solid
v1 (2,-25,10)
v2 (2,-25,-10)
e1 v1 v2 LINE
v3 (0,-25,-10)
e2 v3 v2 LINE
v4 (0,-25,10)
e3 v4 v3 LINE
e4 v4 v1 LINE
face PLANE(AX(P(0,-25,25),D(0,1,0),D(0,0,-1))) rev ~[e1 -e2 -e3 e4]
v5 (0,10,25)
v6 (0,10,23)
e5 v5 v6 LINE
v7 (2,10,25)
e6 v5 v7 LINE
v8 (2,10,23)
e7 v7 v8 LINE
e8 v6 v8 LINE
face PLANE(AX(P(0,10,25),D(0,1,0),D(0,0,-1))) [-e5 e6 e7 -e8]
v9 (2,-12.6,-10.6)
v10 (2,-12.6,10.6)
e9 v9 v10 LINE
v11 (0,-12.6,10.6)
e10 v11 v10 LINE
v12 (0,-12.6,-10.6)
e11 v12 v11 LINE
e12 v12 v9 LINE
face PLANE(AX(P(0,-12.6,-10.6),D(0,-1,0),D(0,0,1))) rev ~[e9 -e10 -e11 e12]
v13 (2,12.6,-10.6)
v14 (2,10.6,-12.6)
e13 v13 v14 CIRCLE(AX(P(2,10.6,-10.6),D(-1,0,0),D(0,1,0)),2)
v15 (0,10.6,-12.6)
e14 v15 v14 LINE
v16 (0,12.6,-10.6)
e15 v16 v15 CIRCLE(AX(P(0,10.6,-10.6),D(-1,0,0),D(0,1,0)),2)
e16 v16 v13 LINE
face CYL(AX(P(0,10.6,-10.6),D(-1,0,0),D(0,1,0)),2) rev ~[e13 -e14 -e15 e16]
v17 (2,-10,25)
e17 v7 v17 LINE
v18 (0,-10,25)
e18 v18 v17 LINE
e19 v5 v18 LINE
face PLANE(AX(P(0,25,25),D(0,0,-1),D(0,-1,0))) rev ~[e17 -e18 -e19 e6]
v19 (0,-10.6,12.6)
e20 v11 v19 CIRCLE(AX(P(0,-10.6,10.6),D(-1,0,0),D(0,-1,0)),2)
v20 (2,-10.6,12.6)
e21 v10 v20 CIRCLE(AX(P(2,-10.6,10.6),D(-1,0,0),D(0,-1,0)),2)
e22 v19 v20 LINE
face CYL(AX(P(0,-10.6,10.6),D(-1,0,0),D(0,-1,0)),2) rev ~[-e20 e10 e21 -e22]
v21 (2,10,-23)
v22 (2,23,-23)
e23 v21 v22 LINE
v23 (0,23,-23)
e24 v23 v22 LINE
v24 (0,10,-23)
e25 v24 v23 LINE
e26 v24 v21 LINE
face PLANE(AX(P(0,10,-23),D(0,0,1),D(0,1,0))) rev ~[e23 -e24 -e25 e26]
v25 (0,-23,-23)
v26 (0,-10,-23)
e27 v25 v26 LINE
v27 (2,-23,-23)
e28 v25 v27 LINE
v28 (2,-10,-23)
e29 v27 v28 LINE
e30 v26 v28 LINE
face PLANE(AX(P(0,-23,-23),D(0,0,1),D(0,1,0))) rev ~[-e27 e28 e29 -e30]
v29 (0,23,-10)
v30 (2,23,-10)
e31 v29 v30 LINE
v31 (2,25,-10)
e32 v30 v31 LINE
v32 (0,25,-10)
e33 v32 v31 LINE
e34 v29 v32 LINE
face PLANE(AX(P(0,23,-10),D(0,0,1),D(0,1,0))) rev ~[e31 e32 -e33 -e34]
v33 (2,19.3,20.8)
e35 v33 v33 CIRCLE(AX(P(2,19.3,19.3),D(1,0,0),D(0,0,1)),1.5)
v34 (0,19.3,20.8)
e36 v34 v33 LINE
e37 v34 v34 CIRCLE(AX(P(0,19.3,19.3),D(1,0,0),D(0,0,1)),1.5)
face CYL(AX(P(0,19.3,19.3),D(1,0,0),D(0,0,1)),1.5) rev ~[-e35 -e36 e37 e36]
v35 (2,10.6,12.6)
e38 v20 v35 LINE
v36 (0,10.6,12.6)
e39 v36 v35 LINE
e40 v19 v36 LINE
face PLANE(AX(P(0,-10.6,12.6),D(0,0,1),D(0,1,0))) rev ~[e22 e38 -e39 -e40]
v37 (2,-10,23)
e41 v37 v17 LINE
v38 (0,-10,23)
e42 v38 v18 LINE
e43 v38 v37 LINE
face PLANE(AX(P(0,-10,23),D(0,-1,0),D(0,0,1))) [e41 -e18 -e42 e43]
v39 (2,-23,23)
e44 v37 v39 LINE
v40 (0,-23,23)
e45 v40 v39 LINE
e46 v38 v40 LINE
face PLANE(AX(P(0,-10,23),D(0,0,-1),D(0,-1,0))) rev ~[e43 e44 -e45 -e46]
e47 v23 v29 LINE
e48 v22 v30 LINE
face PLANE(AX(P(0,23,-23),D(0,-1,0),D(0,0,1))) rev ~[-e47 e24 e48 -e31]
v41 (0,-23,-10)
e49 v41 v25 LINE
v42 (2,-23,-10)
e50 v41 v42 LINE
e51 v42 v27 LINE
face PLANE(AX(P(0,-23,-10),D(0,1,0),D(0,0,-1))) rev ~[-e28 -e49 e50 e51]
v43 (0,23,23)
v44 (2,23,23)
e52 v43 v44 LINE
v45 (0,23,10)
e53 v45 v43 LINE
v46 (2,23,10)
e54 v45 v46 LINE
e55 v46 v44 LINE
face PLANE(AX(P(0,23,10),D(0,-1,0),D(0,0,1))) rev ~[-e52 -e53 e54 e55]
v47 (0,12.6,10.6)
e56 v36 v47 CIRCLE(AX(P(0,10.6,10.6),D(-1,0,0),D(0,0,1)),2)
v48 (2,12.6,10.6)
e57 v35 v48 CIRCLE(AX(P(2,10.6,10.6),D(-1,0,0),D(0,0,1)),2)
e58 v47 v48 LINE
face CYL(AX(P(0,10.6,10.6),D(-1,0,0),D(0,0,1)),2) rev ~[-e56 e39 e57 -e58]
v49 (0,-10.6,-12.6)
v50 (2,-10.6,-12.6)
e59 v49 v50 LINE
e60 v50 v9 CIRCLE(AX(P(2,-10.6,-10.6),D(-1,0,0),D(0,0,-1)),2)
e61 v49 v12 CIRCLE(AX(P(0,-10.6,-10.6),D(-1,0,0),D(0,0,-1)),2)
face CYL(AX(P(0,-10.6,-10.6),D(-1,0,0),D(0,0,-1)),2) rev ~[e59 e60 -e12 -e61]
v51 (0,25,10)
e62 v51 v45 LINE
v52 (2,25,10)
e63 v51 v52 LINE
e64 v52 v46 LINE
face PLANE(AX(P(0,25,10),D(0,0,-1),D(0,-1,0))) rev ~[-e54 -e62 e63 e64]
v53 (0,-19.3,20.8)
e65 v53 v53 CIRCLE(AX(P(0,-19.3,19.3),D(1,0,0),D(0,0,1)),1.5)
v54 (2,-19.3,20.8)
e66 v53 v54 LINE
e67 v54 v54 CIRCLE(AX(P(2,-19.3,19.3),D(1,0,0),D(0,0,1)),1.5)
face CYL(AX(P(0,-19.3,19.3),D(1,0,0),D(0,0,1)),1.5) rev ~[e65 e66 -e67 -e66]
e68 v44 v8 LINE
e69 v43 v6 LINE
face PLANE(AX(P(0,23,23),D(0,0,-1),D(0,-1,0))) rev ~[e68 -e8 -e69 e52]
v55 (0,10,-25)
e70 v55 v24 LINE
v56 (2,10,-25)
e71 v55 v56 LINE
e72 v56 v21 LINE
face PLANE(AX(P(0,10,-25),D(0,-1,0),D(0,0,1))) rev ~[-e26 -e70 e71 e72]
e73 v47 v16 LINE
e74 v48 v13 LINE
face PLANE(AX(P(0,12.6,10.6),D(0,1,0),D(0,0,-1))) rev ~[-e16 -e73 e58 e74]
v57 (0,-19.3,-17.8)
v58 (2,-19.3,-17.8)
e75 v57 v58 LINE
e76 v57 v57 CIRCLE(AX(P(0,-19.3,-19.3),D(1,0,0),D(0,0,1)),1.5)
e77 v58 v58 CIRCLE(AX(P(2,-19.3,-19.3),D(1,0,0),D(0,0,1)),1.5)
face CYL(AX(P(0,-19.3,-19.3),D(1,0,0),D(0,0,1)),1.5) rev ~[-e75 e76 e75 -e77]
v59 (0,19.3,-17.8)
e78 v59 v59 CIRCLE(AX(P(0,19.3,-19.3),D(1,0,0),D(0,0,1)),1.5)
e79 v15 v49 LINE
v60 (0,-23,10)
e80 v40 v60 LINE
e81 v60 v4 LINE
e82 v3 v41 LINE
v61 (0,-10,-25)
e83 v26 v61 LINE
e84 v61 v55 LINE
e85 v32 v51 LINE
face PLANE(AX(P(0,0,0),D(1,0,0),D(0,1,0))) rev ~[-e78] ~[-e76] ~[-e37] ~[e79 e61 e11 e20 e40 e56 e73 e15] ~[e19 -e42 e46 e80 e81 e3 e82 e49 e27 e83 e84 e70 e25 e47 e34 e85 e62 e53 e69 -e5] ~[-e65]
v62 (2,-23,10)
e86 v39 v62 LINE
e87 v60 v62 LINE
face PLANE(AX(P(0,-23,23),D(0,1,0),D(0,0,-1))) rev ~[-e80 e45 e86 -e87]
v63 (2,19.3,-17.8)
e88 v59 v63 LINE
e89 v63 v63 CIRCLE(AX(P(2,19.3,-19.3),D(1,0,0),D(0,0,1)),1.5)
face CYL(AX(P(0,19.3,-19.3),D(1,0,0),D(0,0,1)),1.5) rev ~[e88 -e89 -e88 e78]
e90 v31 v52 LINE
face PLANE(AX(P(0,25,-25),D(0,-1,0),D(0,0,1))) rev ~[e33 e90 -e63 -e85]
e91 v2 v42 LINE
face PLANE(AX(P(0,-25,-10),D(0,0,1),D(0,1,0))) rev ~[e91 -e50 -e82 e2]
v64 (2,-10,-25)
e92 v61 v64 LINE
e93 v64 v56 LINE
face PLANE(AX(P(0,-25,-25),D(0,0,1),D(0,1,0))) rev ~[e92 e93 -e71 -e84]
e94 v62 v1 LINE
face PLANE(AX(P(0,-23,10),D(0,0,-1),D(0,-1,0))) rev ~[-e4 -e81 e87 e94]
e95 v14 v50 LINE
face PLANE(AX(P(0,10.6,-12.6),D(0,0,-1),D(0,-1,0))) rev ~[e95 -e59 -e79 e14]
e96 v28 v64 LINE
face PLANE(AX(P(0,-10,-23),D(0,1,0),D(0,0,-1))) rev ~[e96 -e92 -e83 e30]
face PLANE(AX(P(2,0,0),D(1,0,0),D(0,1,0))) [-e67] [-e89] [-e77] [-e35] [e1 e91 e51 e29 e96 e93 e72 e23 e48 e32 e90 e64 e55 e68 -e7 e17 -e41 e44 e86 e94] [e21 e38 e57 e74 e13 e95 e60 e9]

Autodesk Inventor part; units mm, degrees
ref_plane "YZ Plane" through (0, 0, 0) normal (1, 0, 0) x (0, 1, 0)
ref_plane "XZ Plane" through (0, 0, 0) normal (0, 1, 0) x (-1, 0, 0)
ref_plane "XY Plane" through (0, 0, 0) normal (0, 0, 1) x (1, 0, 0)
sketch "Sketch1" plane through (0, 0, 0) normal (1, 0, 0) x (0, 1, 0)
  line L0 (-25, -25) -> (25, -25)
  line L1 (25, -25) -> (25, 25)
  line L2 (25, 25) -> (-25, 25)
  line L3 (-25, 25) -> (-25, -25)
  line L4 (-25, -25) -> (25, 25) construction
  line L5 (25, -25) -> (-25, 25) construction
  line L6 (-24, -24) -> (24, -24)
  line L7 (24, -24) -> (24, 24)
  line L8 (24, 24) -> (-24, 24)
  line L9 (-24, 24) -> (-24, -24)
  line L10 (-24, -24) -> (24, 24) construction
  line L11 (24, -24) -> (-24, 24) construction
  point P0 (0, 0)
  dimension "d0" = 50
  dimension "d1" = 50
  dimension "d2" = 48
  dimension "d3" = 48
extrude "Extrusion1" add sketch "Sketch1" along normal blind 2 contours L3 L2 L1 L0 | L9 L8 L7 L6
sketch "Sketch3" plane through (0, 0, 0) normal (-1, 0, 0) x (0, 0, 1)
  line L0 (19.3, -19.3) -> (-19.3, -19.3)
  line L1 (-19.3, -19.3) -> (-19.3, 19.3)
  line L2 (-19.3, 19.3) -> (19.3, 19.3)
  line L3 (19.3, 19.3) -> (19.3, -19.3)
  line L4 (19.3, -19.3) -> (-19.3, 19.3) construction
  line L5 (-19.3, -19.3) -> (19.3, 19.3) construction
  circle A0 centre (-19.3, 19.3) radius 1.5
  circle A1 centre (19.3, 19.3) radius 1.5555
  circle A2 centre (19.3, -19.3) radius 1.5555
  circle A3 centre (-19.3, -19.3) radius 1.5555
  point P0 (0, 0)
  dimension "d6" = 38.6
  dimension "d7" = 38.6
  dimension "d8" = 3
  dimension "d9" = 3.111
  dimension "d10" = 3.111
  dimension "d11" = 3.111
hole "Hole1" at (0, 19.3, -19.3) direction (1, 0, 0) diameter 3 end through all
sketch "Sketch4" plane through (0, 0, 0) normal (-1, 0, 0) x (0, 0, 1)
  line L0 (-19.3, -19.3) -> (19.3, -19.3)
  line L1 (19.3, -19.3) -> (19.3, 19.3)
  line L2 (19.3, 19.3) -> (-19.3, 19.3)
  line L3 (-19.3, 19.3) -> (-19.3, -19.3)
  line L4 (-19.3, -19.3) -> (19.3, 19.3) construction
  line L5 (19.3, -19.3) -> (-19.3, 19.3) construction
  circle A0 centre (19.3, 19.3) radius 1.5
  point P0 (0, 0)
  dimension "d19" = 38.6
  dimension "d20" = 38.6
  dimension "d21" = 3
hole "Hole2" at (0, 19.3, 19.3) direction (1, 0, 0) diameter 3 end through all
sketch "Sketch5" plane through (0, 0, 0) normal (-1, 0, 0) x (0, 0, 1)
  line L0 (19.3, -19.3) -> (-19.3, -19.3)
  line L1 (-19.3, -19.3) -> (-19.3, 19.3)
  line L2 (-19.3, 19.3) -> (19.3, 19.3)
  line L3 (19.3, 19.3) -> (19.3, -19.3)
  line L4 (19.3, -19.3) -> (-19.3, 19.3) construction
  line L5 (-19.3, -19.3) -> (19.3, 19.3) construction
  circle A0 centre (-19.3, -19.3) radius 1.5
  point P0 (0, 0)
  dimension "d29" = 38.6
  dimension "d30" = 38.6
  dimension "d31" = 3
hole "Hole3" at (0, -19.3, -19.3) direction (1, 0, 0) diameter 3 end through all
sketch "Sketch6" plane through (0, 0, 0) normal (-1, 0, 0) x (0, 0, 1)
  line L0 (19.3, -19.3) -> (-19.3, -19.3)
  line L1 (-19.3, -19.3) -> (-19.3, 19.3)
  line L2 (-19.3, 19.3) -> (19.3, 19.3)
  line L3 (19.3, 19.3) -> (19.3, -19.3)
  line L4 (19.3, -19.3) -> (-19.3, 19.3) construction
  line L5 (-19.3, -19.3) -> (19.3, 19.3) construction
  circle A0 centre (19.3, -19.3) radius 1.5
  point P0 (0, 0)
  dimension "d39" = 38.6
  dimension "d40" = 38.6
  dimension "d41" = 3
hole "Hole4" at (0, -19.3, 19.3) direction (1, 0, 0) diameter 3 end through all
sketch "Sketch7" plane through (0, 0, 0) normal (-1, 0, 0) x (0, 0, 1)
  line L0 (23, -23) -> (-23, -23)
  line L1 (-23, -23) -> (-23, 23)
  line L2 (-23, 23) -> (23, 23)
  line L3 (23, 23) -> (23, -23)
  line L4 (23, -23) -> (-23, 23) construction
  line L5 (-23, -23) -> (23, 23) construction
  line L6 (-25, 25) -> (25, 25) projected
  line L7 (10, 21) -> (-10, 21)
  line L8 (-10, 21) -> (-10, 25)
  line L9 (-10, 25) -> (10, 25)
  line L10 (10, 25) -> (10, 21)
  line L11 (10, 21) -> (-10, 25) construction
  line L12 (-10, 21) -> (10, 25) construction
  line L13 (21, -10) -> (25, -10)
  line L14 (25, -10) -> (25, 10)
  line L15 (25, 10) -> (21, 10)
  line L16 (21, 10) -> (21, -10)
  line L17 (21, -10) -> (25, 10) construction
  line L18 (25, -10) -> (21, 10) construction
  line L19 (25, -25) -> (-25, -25) projected
  line L20 (-10, -21) -> (10, -21)
  line L21 (10, -21) -> (10, -25)
  line L22 (10, -25) -> (-10, -25)
  line L23 (-10, -25) -> (-10, -21)
  line L24 (-10, -21) -> (10, -25) construction
  line L25 (10, -21) -> (-10, -25) construction
  line L26 (-25.0252, 10) -> (-20.9748, 10)
  line L27 (-20.9748, 10) -> (-20.9748, -10)
  line L28 (-20.9748, -10) -> (-25.0252, -10)
  line L29 (-25.0252, -10) -> (-25.0252, 10)
  line L30 (-25.0252, 10) -> (-20.9748, -10) construction
  line L31 (-20.9748, 10) -> (-25.0252, -10) construction
  line L32 (25, -25) -> (-25, -25)
  line L33 (-25, -25) -> (-25, 25)
  line L34 (-25, 25) -> (25, 25)
  line L35 (25, 25) -> (25, -25)
  line L36 (25, -25) -> (-25, 25) construction
  line L37 (-25, -25) -> (25, 25) construction
  point P0 (0, 0)
  point P1 (0, 23)
  point P2 (23, 0)
  point P3 (0, -23)
  point P4 (-23, 0)
  point P5 (-10, 23)
  point P6 (10, 23)
  point P7 (23, 10)
  point P8 (23, -10)
  point P9 (10, -23)
  point P10 (-10, -23)
  point P11 (-23, -10)
  point P12 (-23, 10)
  point P13 (10, 25)
  point P14 (-25, 10)
  point P15 (-25, -10)
  point P16 (-10, -25)
  dimension "d49" = 46
  dimension "d50" = 46
  dimension "d51" = 20
  dimension "d52" = 20
  dimension "d53" = 20
  dimension "d54" = 20
extrude "Extrusion3" cut sketch "Sketch7" against normal blind 2 contours L3 L13 L35 L19 L21 L0 | L23 L19 L33 L28 L1 L0 | L3 L2 L10 L6 L35 L15 | L26 L33 L6 L8 L2 L1
sketch "Sketch9" plane through (0, 0, 0) normal (-1, 0, 0) x (0, 0, 1)
  line L0 (10.6, 12.6) -> (-10.6, 12.6)
  line L1 (-12.6, 10.6) -> (-12.6, -10.6)
  line L2 (-10.6, -12.6) -> (10.6, -12.6)
  line L3 (12.6, -10.6) -> (12.6, 10.6)
  line L4 (12.6, 12.6) -> (-12.6, -12.6) construction
  line L5 (-12.6, 12.6) -> (12.6, -12.6) construction
  arc A0 (-12.6, -10.6) -> (-10.6, -12.6) centre (-10.6, -10.6) ccw
  arc A1 (-10.6, 12.6) -> (-12.6, 10.6) centre (-10.6, 10.6) ccw
  arc A2 (12.6, 10.6) -> (10.6, 12.6) centre (10.6, 10.6) ccw
  arc A3 (10.6, -12.6) -> (12.6, -10.6) centre (10.6, -10.6) ccw
  point P0 (0, 0)
  dimension "d62" = 25.2
  dimension "d63" = 25.2
  dimension "d64" = 2
extrude "Extrusion4" cut sketch "Sketch9" against normal blind 2
properties part number "BottomSide"
